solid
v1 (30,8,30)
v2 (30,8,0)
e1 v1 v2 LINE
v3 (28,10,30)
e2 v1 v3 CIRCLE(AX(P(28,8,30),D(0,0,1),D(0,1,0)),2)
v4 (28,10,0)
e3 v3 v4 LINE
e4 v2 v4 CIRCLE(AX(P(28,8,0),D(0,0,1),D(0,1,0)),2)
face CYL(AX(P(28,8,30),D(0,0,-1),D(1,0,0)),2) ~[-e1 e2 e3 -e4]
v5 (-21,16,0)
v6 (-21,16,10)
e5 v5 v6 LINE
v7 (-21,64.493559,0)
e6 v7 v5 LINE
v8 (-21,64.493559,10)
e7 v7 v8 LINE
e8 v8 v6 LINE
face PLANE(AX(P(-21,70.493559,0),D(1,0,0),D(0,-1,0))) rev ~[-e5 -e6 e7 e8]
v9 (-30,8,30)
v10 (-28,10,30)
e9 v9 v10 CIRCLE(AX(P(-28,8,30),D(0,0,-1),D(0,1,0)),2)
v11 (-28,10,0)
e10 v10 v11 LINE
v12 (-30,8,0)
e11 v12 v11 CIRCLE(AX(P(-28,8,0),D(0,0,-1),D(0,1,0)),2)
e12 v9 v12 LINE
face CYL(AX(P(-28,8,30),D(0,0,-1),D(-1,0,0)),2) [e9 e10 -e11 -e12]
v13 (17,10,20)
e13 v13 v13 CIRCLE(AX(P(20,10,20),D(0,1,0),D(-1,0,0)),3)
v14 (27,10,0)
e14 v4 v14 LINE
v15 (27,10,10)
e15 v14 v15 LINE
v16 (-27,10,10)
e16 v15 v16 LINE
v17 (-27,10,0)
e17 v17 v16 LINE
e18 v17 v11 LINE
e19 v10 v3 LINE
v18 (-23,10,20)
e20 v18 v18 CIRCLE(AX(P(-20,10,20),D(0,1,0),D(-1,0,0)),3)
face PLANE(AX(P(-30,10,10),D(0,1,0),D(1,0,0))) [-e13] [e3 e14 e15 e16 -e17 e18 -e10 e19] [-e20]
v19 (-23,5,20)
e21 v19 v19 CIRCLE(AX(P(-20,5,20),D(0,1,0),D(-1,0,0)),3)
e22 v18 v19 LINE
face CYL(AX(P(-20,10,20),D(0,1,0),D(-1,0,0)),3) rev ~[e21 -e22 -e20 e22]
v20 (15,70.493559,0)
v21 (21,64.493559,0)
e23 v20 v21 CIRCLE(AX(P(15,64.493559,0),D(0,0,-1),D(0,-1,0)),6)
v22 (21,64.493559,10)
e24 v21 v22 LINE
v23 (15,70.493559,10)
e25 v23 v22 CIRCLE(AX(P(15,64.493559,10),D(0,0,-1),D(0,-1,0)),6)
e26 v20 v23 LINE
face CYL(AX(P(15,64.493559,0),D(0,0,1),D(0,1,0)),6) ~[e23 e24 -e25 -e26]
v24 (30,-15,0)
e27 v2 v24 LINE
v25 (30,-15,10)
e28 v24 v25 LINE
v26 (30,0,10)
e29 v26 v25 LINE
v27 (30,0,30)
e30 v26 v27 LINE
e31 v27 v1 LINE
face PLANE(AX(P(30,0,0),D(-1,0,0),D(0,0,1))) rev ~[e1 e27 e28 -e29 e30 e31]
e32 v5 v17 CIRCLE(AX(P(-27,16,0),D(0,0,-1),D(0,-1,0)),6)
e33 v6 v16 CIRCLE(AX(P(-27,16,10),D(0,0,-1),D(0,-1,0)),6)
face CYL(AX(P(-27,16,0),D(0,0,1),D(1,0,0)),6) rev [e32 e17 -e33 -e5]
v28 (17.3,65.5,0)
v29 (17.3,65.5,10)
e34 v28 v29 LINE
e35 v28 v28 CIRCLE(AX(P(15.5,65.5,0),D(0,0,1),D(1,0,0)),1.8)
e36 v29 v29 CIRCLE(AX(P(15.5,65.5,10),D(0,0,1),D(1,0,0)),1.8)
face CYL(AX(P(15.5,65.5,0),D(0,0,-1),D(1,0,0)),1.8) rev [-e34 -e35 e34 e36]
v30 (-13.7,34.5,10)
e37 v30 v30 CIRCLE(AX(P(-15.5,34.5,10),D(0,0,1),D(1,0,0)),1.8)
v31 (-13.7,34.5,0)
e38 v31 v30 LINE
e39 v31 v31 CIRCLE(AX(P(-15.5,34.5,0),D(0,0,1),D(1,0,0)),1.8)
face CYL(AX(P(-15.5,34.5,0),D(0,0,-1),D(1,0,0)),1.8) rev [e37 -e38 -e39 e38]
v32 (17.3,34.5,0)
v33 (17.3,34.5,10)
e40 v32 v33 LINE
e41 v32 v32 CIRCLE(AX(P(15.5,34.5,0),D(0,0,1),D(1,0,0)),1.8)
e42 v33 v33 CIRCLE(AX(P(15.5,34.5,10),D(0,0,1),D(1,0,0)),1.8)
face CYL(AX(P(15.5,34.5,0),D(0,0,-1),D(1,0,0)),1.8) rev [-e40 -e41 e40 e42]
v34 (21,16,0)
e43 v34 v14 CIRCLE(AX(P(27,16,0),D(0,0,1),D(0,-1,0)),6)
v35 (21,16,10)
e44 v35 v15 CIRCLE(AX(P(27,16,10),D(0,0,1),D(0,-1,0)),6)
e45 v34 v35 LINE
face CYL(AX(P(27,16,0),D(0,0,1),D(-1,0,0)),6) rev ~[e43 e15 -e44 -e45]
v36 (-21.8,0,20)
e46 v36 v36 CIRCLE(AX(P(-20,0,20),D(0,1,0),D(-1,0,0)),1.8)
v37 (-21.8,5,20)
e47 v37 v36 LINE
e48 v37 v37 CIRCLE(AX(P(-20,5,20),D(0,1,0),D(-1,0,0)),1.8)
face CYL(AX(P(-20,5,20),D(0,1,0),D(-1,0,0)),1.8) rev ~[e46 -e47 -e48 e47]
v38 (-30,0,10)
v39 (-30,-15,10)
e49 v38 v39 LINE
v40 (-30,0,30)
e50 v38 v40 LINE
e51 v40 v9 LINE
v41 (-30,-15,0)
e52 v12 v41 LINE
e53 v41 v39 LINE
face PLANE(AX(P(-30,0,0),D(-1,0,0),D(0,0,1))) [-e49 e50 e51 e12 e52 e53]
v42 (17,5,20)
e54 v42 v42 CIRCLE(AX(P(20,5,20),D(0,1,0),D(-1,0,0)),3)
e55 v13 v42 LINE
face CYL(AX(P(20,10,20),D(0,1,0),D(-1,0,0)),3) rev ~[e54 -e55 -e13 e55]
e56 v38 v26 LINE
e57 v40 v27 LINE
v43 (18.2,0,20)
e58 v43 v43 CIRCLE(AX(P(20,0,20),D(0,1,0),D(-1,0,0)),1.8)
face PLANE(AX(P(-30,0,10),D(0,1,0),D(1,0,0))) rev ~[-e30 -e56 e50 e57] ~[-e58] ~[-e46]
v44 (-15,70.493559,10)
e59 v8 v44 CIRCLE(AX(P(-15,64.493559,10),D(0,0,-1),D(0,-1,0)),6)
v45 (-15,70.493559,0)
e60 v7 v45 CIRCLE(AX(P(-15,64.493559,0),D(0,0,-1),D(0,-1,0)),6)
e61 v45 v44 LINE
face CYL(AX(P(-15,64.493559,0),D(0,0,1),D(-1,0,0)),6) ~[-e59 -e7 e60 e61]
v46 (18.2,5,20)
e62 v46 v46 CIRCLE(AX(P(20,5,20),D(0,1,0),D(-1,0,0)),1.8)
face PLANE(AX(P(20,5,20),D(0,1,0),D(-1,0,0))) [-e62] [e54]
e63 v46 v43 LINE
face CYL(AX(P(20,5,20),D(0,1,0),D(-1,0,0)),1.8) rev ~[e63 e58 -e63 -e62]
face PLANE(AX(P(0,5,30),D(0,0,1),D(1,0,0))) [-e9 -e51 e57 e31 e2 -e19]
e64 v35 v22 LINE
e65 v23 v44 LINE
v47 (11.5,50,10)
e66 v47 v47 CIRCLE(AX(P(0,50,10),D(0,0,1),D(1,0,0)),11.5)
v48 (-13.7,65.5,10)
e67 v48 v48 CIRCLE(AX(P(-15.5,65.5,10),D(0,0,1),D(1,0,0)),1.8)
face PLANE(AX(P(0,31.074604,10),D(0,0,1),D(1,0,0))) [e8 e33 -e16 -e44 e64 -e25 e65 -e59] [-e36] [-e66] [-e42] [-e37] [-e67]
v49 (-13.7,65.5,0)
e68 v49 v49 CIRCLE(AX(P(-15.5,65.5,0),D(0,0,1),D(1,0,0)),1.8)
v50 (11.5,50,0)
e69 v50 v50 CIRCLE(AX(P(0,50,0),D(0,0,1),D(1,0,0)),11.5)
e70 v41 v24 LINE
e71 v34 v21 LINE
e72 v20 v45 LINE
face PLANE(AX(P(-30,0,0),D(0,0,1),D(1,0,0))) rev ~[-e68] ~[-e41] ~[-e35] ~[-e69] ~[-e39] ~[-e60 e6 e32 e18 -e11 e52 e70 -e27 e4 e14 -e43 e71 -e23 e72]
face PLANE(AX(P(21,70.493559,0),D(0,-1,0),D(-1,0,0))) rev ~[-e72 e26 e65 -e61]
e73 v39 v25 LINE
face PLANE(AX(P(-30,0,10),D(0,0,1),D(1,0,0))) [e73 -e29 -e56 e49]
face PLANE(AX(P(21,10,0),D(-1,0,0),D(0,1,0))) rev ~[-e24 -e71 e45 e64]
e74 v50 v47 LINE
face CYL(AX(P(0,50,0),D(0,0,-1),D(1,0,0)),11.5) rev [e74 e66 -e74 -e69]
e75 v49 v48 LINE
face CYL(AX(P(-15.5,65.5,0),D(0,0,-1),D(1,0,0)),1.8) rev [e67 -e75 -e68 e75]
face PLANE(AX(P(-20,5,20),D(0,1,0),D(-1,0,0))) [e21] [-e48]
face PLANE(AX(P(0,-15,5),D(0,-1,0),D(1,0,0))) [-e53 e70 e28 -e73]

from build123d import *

# Parameters (mm, degrees)
SKETCH_R        = 1.8
SKETCH_R_2      = 11.5
PAD_DEPTH       = 10
SKETCH001_W     = 60
SKETCH001_H     = 10
PAD001_DEPTH    = 20
SKETCH002_R     = 3
POCKET_DEPTH    = 5
SKETCH003_R     = 1.8
POCKET001_DEPTH = 5
SKETCH004_W     = 60
SKETCH004_H     = 10
PAD002_DEPTH    = 15
FILLET_R        = 6
FILLET001_R     = 2


with BuildPart() as part:
    # Sketch → Pad (new body)
    with BuildSketch(Plane.XY):
        Polygon((21, 10), (21, 70.493559), (-21, 70.493559), (-21, 10), (-30, 10), (-30, 0), (30, 0), (30, 10), align=None)
        with Locations((15.5, 34.5)):
            Circle(SKETCH_R, mode=Mode.SUBTRACT)
        with Locations((-15.5, 34.5)):
            Circle(SKETCH_R, mode=Mode.SUBTRACT)
        with Locations((0, 50)):
            Circle(SKETCH_R_2, mode=Mode.SUBTRACT)
        with Locations((15.5, 65.5)):
            Circle(SKETCH_R, mode=Mode.SUBTRACT)
        with Locations((-15.5, 65.5)):
            Circle(SKETCH_R, mode=Mode.SUBTRACT)
    extrude(amount=PAD_DEPTH)

    # Sketch001 (on Face15 of Pad) → Pad001 (join)
    with BuildSketch(Plane.XY.offset(10)):
        with Locations((0, 5)):
            Rectangle(SKETCH001_W, SKETCH001_H)
    extrude(amount=PAD001_DEPTH)

    # Sketch002 (on Face6 of Pad001) → Pocket (cut)
    with BuildSketch(Plane(origin=(0, 10, 0), x_dir=(-1, 0, 0), z_dir=(0, 1, 0))):
        with Locations((-20, 20)):
            Circle(SKETCH002_R)
        with Locations((20, 20)):
            Circle(SKETCH002_R)
    extrude(amount=-POCKET_DEPTH, mode=Mode.SUBTRACT)

    # Sketch003 (on Face23 of Pocket) → Pocket001 (cut)
    with BuildSketch(Plane(origin=(0, 5, 0), x_dir=(-1, 0, 0), z_dir=(0, 1, 0))):
        with Locations((-20, 20)):
            Circle(SKETCH003_R)
        with Locations((20, 20)):
            Circle(SKETCH003_R)
    extrude(amount=-POCKET001_DEPTH, mode=Mode.SUBTRACT)

    # Sketch004 (on Face11 of Pocket001) → Pad002 (join)
    with BuildSketch(Plane.XZ):
        with Locations((0, 5)):
            Rectangle(SKETCH004_W, SKETCH004_H)
    extrude(amount=PAD002_DEPTH)

    # Fillet
    fillet_edges = [part.edges().sort_by_distance(p)[0] for p in [
        (-21, 70.493559, 5),
        (21, 70.493559, 5),
        (-21, 10, 5),
        (21, 10, 5),
    ]]
    fillet(fillet_edges, radius=FILLET_R)

    # Fillet001
    fillet001_edges = [part.edges().sort_by_distance(p)[0] for p in [
        (30, 10, 20),
        (-30, 10, 20),
    ]]
    fillet(fillet001_edges, radius=FILLET001_R)


solid = part.part
